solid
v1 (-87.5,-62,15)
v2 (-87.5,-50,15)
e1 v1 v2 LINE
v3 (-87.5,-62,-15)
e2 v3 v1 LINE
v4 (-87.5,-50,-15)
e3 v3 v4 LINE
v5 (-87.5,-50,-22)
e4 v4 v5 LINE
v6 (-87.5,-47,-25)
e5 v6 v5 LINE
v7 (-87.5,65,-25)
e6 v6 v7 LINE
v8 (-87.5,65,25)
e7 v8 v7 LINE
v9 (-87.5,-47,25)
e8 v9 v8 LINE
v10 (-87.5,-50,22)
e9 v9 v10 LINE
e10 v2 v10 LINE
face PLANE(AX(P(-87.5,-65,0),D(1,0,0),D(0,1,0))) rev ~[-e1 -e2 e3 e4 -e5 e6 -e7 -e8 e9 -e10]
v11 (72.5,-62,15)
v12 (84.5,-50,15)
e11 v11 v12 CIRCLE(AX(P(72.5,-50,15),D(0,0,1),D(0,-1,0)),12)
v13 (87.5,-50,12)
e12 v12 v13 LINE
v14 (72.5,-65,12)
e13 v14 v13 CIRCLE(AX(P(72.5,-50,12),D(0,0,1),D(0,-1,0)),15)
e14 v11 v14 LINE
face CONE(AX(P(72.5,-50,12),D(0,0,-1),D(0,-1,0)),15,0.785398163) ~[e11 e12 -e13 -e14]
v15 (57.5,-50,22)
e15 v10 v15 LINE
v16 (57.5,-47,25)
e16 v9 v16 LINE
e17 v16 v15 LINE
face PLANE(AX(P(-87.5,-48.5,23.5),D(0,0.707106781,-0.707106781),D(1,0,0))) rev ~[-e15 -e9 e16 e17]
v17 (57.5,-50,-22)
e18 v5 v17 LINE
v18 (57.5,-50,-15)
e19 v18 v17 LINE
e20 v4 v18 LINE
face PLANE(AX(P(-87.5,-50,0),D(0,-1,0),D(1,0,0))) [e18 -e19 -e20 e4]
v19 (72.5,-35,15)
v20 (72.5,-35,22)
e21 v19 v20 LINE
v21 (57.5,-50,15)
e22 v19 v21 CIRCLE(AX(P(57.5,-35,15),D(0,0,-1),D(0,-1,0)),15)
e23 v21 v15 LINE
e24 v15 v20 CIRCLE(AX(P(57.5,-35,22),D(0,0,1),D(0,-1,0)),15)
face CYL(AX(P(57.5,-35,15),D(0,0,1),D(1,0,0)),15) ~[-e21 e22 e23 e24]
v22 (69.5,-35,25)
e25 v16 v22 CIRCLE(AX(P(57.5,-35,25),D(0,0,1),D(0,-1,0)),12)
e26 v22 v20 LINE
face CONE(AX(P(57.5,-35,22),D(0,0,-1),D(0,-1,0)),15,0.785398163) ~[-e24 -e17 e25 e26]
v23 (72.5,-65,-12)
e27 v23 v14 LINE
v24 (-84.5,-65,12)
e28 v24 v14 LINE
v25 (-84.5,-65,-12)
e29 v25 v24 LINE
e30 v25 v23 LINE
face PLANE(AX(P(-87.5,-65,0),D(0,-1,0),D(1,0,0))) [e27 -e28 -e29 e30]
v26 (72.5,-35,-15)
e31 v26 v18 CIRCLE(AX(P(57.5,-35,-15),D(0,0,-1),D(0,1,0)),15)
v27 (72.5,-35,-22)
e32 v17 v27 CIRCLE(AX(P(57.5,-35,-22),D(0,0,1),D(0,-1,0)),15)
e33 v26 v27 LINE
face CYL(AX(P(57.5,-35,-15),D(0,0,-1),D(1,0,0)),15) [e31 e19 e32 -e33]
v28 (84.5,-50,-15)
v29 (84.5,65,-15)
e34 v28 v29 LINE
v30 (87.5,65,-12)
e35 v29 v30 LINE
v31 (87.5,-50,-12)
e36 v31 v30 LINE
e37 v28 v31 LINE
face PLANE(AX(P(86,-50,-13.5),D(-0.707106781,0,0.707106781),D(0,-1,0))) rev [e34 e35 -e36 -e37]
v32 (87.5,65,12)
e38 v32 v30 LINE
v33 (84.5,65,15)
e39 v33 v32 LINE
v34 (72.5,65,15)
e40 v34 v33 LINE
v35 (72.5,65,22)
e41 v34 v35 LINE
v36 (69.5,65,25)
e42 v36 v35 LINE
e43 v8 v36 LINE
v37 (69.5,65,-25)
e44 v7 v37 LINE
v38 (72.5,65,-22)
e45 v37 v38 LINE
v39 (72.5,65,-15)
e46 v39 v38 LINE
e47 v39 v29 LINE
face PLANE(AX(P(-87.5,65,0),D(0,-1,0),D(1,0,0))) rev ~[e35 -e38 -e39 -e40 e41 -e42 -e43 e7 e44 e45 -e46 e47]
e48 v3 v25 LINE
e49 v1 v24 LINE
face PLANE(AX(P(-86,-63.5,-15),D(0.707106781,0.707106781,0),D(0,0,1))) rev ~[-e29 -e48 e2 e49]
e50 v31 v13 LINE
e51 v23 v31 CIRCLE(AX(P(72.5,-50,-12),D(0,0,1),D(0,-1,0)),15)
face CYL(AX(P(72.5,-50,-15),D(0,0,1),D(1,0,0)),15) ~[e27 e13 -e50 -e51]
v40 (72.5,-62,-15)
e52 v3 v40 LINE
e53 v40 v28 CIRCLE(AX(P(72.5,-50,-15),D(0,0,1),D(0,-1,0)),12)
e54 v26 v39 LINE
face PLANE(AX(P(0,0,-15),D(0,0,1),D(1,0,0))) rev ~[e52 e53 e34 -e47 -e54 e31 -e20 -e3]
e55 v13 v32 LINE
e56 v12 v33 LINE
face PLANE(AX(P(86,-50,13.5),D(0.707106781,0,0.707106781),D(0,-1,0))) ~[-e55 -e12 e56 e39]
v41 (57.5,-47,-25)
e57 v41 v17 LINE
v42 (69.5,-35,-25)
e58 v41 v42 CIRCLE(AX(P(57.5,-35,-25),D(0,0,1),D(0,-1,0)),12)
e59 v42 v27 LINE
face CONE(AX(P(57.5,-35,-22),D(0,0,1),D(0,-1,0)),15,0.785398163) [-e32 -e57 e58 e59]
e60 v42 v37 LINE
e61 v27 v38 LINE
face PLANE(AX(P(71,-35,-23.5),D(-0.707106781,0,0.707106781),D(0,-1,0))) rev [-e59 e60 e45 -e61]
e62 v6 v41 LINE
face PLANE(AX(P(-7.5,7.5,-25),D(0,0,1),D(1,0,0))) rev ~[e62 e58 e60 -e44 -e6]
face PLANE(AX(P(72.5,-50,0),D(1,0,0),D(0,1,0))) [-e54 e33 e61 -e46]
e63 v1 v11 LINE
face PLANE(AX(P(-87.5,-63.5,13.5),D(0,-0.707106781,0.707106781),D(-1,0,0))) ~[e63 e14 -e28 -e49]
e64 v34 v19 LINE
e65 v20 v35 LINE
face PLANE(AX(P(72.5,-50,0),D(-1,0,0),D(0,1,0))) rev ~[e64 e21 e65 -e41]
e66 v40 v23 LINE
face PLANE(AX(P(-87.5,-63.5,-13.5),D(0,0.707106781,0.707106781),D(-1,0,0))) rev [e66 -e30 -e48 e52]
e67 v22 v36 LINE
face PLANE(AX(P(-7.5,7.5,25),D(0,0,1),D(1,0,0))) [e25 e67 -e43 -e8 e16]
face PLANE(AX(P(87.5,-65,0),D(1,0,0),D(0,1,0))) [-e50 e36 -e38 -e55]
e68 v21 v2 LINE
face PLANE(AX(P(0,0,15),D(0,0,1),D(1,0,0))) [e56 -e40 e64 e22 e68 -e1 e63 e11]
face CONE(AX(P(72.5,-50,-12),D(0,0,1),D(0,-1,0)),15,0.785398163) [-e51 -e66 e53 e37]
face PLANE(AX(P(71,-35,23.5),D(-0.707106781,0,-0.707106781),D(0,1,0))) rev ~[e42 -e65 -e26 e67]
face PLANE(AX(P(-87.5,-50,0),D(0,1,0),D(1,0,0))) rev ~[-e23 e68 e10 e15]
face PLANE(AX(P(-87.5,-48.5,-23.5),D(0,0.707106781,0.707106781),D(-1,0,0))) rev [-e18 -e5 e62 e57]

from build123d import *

# Parameters (mm, degrees)
F0_W          = 175
F0_H          = 130
F1_DEPTH      = 15
F1_DEPTH_BACK = 15
F2_W          = 160
F2_H          = 115
F3_DEPTH      = 25
F3_DEPTH_BACK = 25
F4_R          = 15
F5_SIZE       = 3


with BuildPart() as f1:
    # F0 (on Top) → F1 (new body, two sides)
    with BuildSketch(Plane.XY) as f1_sk:
        Rectangle(F0_W, F0_H)
    extrude(amount=F1_DEPTH)
    extrude(f1_sk.sketch, amount=-F1_DEPTH_BACK)

    # F2 (on Top) → F3 (join, two sides)
    with BuildSketch(Plane.XY) as f3_sk:
        with Locations((-7.5, 7.5)):
            Rectangle(F2_W, F2_H)
    extrude(amount=F3_DEPTH)
    extrude(f3_sk.sketch, amount=-F3_DEPTH_BACK)

    # F4
    f4_edges = [f1.edges().sort_by_distance(p)[0] for p in [
        (87.5, -65, 0),
        (72.5, -50, 20),
        (72.5, -50, -20),
    ]]
    fillet(f4_edges, radius=F4_R)

    # F5
    f5_edges = [f1.edges().sort_by_distance(p)[0] for p in [
        (72.5, 15, 25),
        (68.106602, -45.606602, 25),
        (-15, -50, 25),
        (-7.5, -65, 15),
        (72.5, -65, 0),
        (-87.5, -65, 0),
        (-7.5, -65, -15),
        (-15, -50, -25),
        (72.5, 15, -25),
    ]]
    chamfer(f5_edges, length=F5_SIZE)


solid = f1.part
